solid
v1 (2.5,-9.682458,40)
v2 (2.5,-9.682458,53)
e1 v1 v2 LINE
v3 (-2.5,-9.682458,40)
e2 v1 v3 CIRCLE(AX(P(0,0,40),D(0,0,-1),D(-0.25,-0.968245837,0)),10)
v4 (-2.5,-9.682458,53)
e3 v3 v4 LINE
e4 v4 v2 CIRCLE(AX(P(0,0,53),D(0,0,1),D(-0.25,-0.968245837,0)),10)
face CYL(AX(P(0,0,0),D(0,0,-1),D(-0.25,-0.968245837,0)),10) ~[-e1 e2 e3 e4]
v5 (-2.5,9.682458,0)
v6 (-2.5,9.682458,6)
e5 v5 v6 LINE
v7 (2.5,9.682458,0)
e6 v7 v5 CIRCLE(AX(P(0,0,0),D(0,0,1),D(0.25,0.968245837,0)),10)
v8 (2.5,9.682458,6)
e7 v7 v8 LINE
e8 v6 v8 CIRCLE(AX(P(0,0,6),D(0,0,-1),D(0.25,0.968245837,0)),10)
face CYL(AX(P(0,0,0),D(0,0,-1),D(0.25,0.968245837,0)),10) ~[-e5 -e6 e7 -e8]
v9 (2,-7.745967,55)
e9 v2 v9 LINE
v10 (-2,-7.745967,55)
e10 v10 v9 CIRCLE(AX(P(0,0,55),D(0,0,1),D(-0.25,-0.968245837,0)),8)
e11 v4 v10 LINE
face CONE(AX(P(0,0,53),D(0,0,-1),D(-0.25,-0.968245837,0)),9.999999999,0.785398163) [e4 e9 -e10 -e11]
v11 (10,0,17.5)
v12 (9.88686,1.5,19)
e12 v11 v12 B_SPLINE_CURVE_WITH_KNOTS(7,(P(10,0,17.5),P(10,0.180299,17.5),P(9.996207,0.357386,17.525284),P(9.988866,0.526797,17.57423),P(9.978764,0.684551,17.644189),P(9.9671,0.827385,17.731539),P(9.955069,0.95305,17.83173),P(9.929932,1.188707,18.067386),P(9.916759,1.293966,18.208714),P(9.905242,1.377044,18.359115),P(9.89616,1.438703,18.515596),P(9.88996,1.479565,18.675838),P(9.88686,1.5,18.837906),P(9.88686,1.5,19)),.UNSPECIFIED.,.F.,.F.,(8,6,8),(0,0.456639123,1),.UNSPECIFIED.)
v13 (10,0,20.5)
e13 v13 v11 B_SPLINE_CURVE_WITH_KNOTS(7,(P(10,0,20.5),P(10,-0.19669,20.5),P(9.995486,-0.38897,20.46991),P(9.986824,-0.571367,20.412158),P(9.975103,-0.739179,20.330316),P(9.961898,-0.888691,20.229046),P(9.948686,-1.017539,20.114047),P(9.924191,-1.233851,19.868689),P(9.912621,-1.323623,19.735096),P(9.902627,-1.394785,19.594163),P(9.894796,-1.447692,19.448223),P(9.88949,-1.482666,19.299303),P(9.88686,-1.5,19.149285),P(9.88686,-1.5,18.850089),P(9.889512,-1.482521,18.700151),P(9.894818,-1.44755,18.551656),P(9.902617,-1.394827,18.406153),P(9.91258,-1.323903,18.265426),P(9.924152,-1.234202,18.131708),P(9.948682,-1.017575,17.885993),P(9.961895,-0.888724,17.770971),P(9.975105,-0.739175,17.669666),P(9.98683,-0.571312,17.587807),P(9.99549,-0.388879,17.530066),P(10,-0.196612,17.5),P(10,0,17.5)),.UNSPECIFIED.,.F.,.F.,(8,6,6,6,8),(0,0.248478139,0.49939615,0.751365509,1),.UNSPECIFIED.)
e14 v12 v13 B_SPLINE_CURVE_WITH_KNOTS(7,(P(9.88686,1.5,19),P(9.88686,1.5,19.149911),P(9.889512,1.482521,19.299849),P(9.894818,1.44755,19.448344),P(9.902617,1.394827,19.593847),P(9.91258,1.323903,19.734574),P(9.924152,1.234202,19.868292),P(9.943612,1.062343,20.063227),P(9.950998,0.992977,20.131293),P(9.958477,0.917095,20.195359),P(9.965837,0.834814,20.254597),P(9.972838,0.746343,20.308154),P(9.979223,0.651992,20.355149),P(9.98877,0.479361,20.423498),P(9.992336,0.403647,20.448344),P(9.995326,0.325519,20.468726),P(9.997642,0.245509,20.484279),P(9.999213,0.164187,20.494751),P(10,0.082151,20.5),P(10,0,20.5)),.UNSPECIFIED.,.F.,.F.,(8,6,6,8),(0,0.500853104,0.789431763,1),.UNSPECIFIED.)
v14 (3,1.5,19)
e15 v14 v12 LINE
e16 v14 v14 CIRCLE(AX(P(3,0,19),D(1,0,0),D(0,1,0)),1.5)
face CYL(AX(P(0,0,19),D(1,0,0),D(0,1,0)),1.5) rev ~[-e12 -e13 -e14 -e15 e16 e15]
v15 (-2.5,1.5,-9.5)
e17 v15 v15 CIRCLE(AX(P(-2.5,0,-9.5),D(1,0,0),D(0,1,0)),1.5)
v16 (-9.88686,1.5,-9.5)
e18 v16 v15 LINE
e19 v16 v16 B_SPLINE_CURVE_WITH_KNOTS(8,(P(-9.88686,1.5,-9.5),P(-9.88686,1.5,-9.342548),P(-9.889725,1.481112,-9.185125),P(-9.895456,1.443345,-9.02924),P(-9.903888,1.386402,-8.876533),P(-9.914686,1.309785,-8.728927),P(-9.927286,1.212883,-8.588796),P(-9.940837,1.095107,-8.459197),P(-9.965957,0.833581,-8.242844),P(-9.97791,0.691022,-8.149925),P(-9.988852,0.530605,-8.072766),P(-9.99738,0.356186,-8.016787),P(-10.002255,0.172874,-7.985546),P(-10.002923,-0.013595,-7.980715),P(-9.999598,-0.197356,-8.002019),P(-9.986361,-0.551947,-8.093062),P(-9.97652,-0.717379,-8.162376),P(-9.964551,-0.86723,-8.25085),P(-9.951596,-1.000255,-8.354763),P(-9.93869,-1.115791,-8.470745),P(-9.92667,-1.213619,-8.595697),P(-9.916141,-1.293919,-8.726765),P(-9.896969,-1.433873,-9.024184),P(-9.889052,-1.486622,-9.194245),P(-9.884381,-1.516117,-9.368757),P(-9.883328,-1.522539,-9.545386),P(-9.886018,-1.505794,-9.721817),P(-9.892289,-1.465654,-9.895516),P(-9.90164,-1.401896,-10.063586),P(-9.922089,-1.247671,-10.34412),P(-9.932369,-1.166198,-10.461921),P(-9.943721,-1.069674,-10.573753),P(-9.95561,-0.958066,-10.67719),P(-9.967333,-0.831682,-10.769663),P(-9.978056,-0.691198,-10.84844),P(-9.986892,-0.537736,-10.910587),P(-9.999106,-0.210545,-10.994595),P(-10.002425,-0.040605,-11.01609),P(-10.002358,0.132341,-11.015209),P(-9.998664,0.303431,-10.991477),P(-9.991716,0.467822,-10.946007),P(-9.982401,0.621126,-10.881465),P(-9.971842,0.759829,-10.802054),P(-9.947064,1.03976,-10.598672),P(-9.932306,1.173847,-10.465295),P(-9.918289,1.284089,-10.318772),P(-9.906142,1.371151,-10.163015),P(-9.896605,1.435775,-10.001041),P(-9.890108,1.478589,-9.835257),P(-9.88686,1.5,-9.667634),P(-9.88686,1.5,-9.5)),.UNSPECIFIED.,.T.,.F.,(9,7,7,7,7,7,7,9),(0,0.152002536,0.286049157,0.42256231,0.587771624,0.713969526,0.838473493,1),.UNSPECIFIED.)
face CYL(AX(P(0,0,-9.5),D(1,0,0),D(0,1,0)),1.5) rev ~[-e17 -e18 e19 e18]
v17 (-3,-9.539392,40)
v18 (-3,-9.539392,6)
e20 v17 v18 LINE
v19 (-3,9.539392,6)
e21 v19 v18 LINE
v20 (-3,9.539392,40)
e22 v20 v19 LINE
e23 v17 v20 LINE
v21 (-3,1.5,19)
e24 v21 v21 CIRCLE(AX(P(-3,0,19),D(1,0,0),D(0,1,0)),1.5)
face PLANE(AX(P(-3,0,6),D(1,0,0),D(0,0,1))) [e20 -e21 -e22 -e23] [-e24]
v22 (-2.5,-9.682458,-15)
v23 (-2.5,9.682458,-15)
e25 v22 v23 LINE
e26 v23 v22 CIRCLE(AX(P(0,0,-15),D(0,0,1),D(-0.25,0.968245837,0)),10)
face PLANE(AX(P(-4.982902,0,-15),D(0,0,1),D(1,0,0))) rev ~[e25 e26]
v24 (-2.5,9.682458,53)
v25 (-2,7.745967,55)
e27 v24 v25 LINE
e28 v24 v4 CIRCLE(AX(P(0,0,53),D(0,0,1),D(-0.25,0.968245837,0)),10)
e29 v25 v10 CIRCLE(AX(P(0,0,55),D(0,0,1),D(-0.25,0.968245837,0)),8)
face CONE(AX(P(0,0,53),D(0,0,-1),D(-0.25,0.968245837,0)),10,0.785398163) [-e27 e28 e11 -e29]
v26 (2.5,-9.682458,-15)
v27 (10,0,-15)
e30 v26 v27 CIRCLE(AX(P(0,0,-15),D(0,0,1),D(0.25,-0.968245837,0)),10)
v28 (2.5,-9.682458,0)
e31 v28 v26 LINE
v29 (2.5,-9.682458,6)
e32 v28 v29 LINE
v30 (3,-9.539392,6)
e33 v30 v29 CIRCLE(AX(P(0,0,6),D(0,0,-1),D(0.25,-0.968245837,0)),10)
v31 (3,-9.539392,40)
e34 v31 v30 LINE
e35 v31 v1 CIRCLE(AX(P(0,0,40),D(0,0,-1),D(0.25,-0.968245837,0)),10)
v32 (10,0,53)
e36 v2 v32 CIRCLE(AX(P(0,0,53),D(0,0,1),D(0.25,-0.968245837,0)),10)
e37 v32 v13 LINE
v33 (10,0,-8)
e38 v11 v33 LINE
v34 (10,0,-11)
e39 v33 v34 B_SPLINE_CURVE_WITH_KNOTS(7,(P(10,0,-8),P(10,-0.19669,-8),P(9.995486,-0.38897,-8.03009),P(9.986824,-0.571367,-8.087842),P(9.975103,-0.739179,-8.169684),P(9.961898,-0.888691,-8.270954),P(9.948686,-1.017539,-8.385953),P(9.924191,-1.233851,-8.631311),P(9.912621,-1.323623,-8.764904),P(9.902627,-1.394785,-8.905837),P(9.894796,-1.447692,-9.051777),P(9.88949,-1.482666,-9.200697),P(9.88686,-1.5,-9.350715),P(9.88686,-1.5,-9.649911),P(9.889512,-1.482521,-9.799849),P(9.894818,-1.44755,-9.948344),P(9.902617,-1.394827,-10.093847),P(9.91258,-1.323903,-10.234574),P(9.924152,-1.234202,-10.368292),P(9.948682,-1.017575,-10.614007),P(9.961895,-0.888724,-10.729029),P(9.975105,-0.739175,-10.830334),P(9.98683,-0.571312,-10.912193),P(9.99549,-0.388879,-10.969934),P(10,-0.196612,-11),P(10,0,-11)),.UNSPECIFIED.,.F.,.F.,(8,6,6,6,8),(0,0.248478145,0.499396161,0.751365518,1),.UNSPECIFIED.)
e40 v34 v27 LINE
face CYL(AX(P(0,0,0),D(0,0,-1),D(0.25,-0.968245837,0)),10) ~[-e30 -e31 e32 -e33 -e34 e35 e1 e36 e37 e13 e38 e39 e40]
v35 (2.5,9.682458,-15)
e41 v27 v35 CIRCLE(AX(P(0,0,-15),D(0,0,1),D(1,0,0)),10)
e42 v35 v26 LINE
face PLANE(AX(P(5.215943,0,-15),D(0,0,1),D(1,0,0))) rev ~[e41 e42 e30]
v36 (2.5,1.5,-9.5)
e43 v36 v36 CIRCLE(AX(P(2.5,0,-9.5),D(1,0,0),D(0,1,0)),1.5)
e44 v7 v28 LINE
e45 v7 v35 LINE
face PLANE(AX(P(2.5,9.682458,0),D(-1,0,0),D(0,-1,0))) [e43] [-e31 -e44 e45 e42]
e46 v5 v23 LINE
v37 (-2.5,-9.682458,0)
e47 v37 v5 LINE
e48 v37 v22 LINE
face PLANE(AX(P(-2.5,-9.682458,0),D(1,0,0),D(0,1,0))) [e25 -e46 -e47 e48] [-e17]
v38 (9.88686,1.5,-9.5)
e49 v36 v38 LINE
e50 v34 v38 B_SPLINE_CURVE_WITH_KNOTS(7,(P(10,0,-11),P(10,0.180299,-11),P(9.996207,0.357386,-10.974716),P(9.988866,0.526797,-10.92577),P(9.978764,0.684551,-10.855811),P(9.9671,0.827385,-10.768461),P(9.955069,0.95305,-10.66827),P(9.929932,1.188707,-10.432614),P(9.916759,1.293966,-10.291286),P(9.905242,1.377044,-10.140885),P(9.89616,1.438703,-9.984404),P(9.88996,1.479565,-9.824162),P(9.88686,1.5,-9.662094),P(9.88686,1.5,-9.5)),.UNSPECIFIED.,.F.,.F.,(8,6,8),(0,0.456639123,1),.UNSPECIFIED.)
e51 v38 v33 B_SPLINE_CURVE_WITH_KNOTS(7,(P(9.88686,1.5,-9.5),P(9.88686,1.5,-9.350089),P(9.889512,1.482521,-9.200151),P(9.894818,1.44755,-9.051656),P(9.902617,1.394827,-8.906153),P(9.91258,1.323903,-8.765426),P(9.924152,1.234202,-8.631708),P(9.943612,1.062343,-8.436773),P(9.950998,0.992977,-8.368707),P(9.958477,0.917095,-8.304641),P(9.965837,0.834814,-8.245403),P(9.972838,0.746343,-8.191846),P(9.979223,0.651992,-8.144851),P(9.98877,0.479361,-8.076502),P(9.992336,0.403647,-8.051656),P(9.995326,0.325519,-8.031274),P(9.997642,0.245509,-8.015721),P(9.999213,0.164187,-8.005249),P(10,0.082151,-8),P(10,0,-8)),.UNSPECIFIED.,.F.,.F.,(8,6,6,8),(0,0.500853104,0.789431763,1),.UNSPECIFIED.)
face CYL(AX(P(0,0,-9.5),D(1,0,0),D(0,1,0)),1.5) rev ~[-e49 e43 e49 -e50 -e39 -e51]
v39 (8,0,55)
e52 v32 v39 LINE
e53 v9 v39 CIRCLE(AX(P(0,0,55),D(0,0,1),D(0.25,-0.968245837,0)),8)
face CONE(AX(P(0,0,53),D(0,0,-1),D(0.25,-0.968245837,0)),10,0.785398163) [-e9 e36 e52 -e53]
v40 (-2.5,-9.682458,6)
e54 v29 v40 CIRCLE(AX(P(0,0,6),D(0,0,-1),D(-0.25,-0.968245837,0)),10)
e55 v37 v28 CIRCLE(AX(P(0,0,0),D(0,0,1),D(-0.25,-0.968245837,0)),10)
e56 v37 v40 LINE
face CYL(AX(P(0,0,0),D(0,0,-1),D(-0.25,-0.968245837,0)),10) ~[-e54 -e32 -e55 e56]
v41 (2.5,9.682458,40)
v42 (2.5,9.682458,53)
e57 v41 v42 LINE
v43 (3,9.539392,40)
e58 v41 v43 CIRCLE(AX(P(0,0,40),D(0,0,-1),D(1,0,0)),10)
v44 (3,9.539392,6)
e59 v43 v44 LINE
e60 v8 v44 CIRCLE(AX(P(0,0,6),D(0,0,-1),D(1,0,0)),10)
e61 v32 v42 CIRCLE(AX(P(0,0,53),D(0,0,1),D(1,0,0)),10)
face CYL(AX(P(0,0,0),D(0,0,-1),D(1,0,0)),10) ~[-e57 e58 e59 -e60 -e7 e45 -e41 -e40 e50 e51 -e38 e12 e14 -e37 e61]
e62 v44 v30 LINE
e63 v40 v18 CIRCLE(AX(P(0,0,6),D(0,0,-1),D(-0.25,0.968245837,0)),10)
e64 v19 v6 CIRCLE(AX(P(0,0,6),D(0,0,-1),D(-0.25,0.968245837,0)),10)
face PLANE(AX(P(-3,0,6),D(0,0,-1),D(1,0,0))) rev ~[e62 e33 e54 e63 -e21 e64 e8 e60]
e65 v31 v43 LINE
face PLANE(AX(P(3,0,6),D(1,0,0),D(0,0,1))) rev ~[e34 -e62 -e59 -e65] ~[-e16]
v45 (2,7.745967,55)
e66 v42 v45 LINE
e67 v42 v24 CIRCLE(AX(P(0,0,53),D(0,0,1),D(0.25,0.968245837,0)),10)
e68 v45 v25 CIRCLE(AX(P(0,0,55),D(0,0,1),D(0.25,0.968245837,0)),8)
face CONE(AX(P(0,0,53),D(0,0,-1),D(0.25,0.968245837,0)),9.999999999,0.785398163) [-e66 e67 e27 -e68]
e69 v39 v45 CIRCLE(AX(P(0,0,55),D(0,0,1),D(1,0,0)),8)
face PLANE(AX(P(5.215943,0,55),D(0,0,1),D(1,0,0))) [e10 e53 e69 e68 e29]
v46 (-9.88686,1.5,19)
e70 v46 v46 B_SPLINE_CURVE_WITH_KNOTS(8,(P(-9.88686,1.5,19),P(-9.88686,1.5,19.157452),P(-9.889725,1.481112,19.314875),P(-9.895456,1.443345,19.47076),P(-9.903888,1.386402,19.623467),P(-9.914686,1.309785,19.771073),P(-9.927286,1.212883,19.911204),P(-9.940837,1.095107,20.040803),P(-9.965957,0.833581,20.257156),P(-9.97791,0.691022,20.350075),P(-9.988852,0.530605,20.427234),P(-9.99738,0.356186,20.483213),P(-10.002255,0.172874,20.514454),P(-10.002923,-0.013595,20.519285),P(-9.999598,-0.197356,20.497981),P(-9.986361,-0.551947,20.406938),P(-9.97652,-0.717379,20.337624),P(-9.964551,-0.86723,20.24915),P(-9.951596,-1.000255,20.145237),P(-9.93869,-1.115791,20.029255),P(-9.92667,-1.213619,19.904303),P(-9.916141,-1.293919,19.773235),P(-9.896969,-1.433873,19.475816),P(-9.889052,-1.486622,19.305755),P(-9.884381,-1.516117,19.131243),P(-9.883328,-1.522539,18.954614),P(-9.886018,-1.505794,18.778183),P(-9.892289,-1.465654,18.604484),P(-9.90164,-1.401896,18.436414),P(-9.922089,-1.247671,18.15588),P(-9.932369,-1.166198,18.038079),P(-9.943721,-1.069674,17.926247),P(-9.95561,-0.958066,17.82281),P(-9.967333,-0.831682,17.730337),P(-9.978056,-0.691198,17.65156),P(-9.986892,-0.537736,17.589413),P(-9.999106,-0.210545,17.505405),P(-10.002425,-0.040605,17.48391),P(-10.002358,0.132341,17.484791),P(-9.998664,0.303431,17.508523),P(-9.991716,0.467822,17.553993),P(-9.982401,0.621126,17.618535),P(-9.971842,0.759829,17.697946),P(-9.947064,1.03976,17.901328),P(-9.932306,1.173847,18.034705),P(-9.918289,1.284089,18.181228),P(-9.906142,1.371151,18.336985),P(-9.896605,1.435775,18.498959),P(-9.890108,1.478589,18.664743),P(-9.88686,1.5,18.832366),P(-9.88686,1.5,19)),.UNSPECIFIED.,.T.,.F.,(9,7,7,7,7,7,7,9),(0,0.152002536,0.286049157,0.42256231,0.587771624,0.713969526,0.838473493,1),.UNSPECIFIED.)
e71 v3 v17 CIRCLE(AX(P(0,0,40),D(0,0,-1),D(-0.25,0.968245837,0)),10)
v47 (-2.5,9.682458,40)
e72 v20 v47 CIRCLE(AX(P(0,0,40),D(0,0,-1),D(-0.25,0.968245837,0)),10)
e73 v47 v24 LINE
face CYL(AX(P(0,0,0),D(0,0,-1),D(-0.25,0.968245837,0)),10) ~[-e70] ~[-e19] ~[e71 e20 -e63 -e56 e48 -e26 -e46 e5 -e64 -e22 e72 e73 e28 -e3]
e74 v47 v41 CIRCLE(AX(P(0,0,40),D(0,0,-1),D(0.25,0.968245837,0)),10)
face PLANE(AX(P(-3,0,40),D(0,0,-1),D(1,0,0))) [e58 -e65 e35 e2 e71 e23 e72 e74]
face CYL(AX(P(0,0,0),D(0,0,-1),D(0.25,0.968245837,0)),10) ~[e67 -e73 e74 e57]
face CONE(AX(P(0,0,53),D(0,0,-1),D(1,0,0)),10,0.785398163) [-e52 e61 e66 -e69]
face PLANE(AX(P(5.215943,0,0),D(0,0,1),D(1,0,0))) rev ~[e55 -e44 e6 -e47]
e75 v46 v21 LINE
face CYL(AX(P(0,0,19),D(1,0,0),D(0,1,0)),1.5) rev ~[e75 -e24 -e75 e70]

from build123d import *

# Parameters (mm, degrees)
F1_DEPTH = 55
F2_DEPTH = 15
F3_SIZE  = 2
F4_R     = 1.5
F5_DEPTH = 25
F6_W     = 6
F6_H     = 34
F7_DEPTH = 12.5
F8_R     = 1.5
F9_DEPTH = 12.5


with BuildPart() as f1:
    # F0 (on Top) → F1 (new body)
    with BuildSketch(Plane.XY):
        with BuildLine():
            ThreePointArc((2.5, -9.6824583655), (7.9056941504, -6.123724357), (10, 0))
            ThreePointArc((10, 0), (7.9056941504, 6.123724357), (2.5, 9.6824583655))
            Line((2.5, 9.6824583655), (2.5, -9.6824583655))
        make_face()
        with BuildLine():
            Line((2.5, -9.6824583655), (2.5, 9.6824583655))
            ThreePointArc((2.5, 9.6824583655), (0, 10), (-2.5, 9.6824583655))
            Line((-2.5, 9.6824583655), (-2.5, -9.6824583655))
            ThreePointArc((-2.5, -9.6824583655), (0, -10), (2.5, -9.6824583655))
        make_face()
        with BuildLine():
            Line((-2.5, -9.6824583655), (-2.5, 9.6824583655))
            ThreePointArc((-2.5, 9.6824583655), (-10, 0), (-2.5, -9.6824583655))
        make_face()
    extrude(amount=F1_DEPTH)

    # F0 (on Top) → F2 (join)
    with BuildSketch(Plane.XY):
        with BuildLine():
            Line((-2.5, -9.6824583655), (-2.5, 9.6824583655))
            ThreePointArc((-2.5, 9.6824583655), (-10, 0), (-2.5, -9.6824583655))
        make_face()
        with BuildLine():
            ThreePointArc((2.5, -9.6824583655), (7.9056941504, -6.123724357), (10, 0))
            ThreePointArc((10, 0), (7.9056941504, 6.123724357), (2.5, 9.6824583655))
            Line((2.5, 9.6824583655), (2.5, -9.6824583655))
        make_face()
    extrude(amount=-F2_DEPTH)

    # F3
    f3_edges = [f1.edges().sort_by_distance(p)[0] for p in [
        (2.5, -9.682458, 55),
    ]]
    chamfer(f3_edges, length=F3_SIZE)

    # F4 (on Right) → F5 (cut, symmetric)
    with BuildSketch(Plane.YZ):
        with Locations((0, -9.5)):
            Circle(F4_R)
    extrude(amount=F5_DEPTH, both=True, mode=Mode.SUBTRACT)

    # F6 (on Front) → F7 (cut, symmetric)
    with BuildSketch(Plane.XZ):
        with Locations((0, 23)):
            Rectangle(F6_W, F6_H)
    extrude(amount=F7_DEPTH, both=True, mode=Mode.SUBTRACT)

    # F8 (on Right) → F9 (cut, symmetric)
    with BuildSketch(Plane.YZ):
        with Locations((0, 19)):
            Circle(F8_R)
    extrude(amount=F9_DEPTH, both=True, mode=Mode.SUBTRACT)


solid = f1.part
